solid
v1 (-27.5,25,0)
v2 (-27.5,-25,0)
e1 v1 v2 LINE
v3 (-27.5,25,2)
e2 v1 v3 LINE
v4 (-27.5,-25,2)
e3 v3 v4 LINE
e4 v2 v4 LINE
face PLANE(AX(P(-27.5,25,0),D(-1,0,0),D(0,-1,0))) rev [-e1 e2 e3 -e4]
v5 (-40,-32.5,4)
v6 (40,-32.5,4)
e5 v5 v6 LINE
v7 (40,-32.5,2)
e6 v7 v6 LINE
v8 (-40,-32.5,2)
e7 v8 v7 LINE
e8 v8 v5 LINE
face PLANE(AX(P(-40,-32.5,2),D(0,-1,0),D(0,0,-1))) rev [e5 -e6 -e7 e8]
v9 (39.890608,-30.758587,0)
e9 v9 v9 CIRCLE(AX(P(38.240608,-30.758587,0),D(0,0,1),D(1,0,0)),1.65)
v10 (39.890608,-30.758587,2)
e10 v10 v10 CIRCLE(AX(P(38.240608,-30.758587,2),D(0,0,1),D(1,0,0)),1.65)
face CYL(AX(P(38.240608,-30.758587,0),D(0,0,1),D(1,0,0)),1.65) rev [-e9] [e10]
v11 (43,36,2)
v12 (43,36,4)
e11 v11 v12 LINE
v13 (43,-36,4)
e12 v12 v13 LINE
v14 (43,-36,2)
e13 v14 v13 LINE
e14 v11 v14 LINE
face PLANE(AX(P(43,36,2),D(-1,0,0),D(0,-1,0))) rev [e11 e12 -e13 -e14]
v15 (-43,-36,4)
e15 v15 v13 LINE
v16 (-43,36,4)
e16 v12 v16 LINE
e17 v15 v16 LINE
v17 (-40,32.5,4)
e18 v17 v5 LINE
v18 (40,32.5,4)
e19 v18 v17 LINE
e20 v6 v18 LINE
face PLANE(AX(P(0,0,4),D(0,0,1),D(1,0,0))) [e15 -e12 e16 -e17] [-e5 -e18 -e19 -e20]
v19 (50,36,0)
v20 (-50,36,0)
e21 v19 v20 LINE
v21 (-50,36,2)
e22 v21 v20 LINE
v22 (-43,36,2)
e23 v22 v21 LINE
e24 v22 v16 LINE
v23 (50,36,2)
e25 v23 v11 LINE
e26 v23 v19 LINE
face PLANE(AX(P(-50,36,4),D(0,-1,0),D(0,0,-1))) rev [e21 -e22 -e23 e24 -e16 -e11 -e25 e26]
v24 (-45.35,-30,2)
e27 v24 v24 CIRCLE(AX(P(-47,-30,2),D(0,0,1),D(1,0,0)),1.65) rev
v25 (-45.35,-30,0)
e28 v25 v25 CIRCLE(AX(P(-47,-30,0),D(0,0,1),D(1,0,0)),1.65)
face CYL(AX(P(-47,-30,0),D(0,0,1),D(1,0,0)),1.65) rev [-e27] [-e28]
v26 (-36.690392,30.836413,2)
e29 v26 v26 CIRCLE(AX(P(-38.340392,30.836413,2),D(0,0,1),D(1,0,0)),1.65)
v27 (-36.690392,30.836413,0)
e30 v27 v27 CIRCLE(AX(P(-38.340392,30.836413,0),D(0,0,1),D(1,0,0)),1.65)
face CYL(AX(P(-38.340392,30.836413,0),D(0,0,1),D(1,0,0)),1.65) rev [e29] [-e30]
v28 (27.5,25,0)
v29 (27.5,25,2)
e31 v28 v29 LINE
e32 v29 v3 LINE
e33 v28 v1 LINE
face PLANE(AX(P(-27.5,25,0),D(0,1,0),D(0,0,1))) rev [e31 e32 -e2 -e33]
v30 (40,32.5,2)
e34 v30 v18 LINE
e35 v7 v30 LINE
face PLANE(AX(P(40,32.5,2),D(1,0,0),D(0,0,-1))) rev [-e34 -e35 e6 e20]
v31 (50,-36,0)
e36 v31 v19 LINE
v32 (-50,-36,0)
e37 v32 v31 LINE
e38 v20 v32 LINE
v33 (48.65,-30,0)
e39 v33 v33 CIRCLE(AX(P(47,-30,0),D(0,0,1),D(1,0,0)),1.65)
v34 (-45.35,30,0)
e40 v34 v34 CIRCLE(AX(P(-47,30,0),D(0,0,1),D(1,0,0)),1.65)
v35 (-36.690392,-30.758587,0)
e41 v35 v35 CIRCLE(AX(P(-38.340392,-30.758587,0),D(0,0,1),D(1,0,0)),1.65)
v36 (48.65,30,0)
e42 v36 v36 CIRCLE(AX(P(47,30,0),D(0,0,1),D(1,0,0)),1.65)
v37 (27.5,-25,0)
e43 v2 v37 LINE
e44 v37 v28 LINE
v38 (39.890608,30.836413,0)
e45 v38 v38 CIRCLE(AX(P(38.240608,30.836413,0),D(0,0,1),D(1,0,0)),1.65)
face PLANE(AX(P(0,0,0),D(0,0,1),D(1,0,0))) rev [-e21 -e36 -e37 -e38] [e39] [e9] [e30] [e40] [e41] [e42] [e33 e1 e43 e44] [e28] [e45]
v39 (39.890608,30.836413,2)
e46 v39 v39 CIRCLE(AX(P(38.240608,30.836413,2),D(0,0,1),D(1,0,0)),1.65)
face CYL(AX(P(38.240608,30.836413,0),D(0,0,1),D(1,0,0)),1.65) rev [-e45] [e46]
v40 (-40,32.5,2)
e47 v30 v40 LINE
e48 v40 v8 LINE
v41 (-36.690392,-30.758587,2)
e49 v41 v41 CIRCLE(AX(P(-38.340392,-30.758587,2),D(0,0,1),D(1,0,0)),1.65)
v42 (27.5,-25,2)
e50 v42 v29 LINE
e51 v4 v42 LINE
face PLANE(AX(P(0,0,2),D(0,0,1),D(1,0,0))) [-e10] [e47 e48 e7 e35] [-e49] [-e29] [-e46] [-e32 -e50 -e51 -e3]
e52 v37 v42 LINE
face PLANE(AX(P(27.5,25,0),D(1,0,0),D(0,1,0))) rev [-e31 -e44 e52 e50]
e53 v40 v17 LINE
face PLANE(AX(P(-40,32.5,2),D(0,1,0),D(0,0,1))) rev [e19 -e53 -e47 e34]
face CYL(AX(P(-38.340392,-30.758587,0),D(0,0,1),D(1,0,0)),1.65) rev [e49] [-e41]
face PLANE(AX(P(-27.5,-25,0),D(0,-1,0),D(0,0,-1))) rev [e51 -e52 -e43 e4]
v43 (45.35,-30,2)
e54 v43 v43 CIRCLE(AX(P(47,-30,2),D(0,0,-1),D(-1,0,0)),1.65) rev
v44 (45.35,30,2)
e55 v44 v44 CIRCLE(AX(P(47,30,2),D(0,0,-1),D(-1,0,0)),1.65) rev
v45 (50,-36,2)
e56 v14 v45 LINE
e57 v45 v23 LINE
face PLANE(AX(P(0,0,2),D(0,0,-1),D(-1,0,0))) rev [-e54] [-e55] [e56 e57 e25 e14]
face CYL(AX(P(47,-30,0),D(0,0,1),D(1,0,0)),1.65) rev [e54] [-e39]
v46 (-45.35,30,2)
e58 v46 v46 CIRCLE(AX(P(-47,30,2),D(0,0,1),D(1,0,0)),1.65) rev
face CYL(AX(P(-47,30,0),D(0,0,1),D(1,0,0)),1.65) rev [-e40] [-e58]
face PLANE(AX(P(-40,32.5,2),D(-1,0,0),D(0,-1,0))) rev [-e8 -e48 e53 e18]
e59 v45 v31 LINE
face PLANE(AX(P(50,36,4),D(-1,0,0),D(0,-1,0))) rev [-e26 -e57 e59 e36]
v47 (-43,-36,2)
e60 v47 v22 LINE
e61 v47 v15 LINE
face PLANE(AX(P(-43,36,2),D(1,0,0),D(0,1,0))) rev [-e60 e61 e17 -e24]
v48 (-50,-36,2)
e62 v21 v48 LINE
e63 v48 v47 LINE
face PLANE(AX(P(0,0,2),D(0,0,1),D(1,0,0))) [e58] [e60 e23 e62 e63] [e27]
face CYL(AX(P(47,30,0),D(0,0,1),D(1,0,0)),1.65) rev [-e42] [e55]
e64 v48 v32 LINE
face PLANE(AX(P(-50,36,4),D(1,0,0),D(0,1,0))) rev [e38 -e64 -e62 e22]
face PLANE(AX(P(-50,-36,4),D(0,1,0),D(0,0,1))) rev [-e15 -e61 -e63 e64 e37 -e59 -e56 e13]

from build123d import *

# Parameters (mm, degrees)
SKETCH_1_W          = 100
SKETCH_1_H          = 72
EXTRUDE_1_DEPTH     = 4
SKETCH_2_W          = 80
SKETCH_2_H          = 65
CUT_EXTRUDE_1_DEPTH = 2
SKETCH_3_R          = 1.65
CUT_EXTRUDE_2_DEPTH = 2
SKETCH_4_R          = 1.65
CUT_EXTRUDE_3_DEPTH = 4
SKETCH_5_W          = 7
SKETCH_5_H          = 72
CUT_EXTRUDE_4_DEPTH = 2
SKETCH_6_W          = 55
SKETCH_6_H          = 50
CUT_EXTRUDE_5_DEPTH = 2


with BuildPart() as part:
    # 草图1 → 凸台-拉伸1 (new body)
    with BuildSketch(Plane.XY):
        Rectangle(SKETCH_1_W, SKETCH_1_H)
    extrude(amount=EXTRUDE_1_DEPTH)

    # 草图2 → 切除-拉伸1 (cut)
    with BuildSketch(Plane.XY.offset(4)):
        Rectangle(SKETCH_2_W, SKETCH_2_H)
    extrude(amount=-CUT_EXTRUDE_1_DEPTH, mode=Mode.SUBTRACT)

    # 草图3 → 切除-拉伸2 (cut)
    with BuildSketch(Plane.XY.offset(2)):
        with Locations((-38.340391641, 30.83641332)):
            Circle(SKETCH_3_R)
        with Locations((38.240608359, 30.83641332)):
            Circle(SKETCH_3_R)
        with Locations((38.240608359, -30.75858668)):
            Circle(SKETCH_3_R)
        with Locations((-38.340391641, -30.75858668)):
            Circle(SKETCH_3_R)
    extrude(amount=-CUT_EXTRUDE_2_DEPTH, mode=Mode.SUBTRACT)

    # 草图4 → 切除-拉伸3 (cut)
    with BuildSketch(Plane.XY.offset(4)):
        with Locations((-47, 30)):
            Circle(SKETCH_4_R)
        with Locations((47, 30)):
            Circle(SKETCH_4_R)
        with Locations((47, -30)):
            Circle(SKETCH_4_R)
        with Locations((-47, -30)):
            Circle(SKETCH_4_R)
    extrude(amount=-CUT_EXTRUDE_3_DEPTH, mode=Mode.SUBTRACT)

    # 草图5 → 切除-拉伸4 (cut)
    with BuildSketch(Plane.XY.offset(4)):
        with Locations((-46.5, 0)):
            Rectangle(SKETCH_5_W, SKETCH_5_H)
        with Locations((46.5, 0)):
            Rectangle(SKETCH_5_W, SKETCH_5_H)
    extrude(amount=-CUT_EXTRUDE_4_DEPTH, mode=Mode.SUBTRACT)

    # 草图6 → 切除-拉伸5 (cut)
    with BuildSketch(Plane.XY.offset(2)):
        Rectangle(SKETCH_6_W, SKETCH_6_H)
    extrude(amount=-CUT_EXTRUDE_5_DEPTH, mode=Mode.SUBTRACT)


solid = part.part
